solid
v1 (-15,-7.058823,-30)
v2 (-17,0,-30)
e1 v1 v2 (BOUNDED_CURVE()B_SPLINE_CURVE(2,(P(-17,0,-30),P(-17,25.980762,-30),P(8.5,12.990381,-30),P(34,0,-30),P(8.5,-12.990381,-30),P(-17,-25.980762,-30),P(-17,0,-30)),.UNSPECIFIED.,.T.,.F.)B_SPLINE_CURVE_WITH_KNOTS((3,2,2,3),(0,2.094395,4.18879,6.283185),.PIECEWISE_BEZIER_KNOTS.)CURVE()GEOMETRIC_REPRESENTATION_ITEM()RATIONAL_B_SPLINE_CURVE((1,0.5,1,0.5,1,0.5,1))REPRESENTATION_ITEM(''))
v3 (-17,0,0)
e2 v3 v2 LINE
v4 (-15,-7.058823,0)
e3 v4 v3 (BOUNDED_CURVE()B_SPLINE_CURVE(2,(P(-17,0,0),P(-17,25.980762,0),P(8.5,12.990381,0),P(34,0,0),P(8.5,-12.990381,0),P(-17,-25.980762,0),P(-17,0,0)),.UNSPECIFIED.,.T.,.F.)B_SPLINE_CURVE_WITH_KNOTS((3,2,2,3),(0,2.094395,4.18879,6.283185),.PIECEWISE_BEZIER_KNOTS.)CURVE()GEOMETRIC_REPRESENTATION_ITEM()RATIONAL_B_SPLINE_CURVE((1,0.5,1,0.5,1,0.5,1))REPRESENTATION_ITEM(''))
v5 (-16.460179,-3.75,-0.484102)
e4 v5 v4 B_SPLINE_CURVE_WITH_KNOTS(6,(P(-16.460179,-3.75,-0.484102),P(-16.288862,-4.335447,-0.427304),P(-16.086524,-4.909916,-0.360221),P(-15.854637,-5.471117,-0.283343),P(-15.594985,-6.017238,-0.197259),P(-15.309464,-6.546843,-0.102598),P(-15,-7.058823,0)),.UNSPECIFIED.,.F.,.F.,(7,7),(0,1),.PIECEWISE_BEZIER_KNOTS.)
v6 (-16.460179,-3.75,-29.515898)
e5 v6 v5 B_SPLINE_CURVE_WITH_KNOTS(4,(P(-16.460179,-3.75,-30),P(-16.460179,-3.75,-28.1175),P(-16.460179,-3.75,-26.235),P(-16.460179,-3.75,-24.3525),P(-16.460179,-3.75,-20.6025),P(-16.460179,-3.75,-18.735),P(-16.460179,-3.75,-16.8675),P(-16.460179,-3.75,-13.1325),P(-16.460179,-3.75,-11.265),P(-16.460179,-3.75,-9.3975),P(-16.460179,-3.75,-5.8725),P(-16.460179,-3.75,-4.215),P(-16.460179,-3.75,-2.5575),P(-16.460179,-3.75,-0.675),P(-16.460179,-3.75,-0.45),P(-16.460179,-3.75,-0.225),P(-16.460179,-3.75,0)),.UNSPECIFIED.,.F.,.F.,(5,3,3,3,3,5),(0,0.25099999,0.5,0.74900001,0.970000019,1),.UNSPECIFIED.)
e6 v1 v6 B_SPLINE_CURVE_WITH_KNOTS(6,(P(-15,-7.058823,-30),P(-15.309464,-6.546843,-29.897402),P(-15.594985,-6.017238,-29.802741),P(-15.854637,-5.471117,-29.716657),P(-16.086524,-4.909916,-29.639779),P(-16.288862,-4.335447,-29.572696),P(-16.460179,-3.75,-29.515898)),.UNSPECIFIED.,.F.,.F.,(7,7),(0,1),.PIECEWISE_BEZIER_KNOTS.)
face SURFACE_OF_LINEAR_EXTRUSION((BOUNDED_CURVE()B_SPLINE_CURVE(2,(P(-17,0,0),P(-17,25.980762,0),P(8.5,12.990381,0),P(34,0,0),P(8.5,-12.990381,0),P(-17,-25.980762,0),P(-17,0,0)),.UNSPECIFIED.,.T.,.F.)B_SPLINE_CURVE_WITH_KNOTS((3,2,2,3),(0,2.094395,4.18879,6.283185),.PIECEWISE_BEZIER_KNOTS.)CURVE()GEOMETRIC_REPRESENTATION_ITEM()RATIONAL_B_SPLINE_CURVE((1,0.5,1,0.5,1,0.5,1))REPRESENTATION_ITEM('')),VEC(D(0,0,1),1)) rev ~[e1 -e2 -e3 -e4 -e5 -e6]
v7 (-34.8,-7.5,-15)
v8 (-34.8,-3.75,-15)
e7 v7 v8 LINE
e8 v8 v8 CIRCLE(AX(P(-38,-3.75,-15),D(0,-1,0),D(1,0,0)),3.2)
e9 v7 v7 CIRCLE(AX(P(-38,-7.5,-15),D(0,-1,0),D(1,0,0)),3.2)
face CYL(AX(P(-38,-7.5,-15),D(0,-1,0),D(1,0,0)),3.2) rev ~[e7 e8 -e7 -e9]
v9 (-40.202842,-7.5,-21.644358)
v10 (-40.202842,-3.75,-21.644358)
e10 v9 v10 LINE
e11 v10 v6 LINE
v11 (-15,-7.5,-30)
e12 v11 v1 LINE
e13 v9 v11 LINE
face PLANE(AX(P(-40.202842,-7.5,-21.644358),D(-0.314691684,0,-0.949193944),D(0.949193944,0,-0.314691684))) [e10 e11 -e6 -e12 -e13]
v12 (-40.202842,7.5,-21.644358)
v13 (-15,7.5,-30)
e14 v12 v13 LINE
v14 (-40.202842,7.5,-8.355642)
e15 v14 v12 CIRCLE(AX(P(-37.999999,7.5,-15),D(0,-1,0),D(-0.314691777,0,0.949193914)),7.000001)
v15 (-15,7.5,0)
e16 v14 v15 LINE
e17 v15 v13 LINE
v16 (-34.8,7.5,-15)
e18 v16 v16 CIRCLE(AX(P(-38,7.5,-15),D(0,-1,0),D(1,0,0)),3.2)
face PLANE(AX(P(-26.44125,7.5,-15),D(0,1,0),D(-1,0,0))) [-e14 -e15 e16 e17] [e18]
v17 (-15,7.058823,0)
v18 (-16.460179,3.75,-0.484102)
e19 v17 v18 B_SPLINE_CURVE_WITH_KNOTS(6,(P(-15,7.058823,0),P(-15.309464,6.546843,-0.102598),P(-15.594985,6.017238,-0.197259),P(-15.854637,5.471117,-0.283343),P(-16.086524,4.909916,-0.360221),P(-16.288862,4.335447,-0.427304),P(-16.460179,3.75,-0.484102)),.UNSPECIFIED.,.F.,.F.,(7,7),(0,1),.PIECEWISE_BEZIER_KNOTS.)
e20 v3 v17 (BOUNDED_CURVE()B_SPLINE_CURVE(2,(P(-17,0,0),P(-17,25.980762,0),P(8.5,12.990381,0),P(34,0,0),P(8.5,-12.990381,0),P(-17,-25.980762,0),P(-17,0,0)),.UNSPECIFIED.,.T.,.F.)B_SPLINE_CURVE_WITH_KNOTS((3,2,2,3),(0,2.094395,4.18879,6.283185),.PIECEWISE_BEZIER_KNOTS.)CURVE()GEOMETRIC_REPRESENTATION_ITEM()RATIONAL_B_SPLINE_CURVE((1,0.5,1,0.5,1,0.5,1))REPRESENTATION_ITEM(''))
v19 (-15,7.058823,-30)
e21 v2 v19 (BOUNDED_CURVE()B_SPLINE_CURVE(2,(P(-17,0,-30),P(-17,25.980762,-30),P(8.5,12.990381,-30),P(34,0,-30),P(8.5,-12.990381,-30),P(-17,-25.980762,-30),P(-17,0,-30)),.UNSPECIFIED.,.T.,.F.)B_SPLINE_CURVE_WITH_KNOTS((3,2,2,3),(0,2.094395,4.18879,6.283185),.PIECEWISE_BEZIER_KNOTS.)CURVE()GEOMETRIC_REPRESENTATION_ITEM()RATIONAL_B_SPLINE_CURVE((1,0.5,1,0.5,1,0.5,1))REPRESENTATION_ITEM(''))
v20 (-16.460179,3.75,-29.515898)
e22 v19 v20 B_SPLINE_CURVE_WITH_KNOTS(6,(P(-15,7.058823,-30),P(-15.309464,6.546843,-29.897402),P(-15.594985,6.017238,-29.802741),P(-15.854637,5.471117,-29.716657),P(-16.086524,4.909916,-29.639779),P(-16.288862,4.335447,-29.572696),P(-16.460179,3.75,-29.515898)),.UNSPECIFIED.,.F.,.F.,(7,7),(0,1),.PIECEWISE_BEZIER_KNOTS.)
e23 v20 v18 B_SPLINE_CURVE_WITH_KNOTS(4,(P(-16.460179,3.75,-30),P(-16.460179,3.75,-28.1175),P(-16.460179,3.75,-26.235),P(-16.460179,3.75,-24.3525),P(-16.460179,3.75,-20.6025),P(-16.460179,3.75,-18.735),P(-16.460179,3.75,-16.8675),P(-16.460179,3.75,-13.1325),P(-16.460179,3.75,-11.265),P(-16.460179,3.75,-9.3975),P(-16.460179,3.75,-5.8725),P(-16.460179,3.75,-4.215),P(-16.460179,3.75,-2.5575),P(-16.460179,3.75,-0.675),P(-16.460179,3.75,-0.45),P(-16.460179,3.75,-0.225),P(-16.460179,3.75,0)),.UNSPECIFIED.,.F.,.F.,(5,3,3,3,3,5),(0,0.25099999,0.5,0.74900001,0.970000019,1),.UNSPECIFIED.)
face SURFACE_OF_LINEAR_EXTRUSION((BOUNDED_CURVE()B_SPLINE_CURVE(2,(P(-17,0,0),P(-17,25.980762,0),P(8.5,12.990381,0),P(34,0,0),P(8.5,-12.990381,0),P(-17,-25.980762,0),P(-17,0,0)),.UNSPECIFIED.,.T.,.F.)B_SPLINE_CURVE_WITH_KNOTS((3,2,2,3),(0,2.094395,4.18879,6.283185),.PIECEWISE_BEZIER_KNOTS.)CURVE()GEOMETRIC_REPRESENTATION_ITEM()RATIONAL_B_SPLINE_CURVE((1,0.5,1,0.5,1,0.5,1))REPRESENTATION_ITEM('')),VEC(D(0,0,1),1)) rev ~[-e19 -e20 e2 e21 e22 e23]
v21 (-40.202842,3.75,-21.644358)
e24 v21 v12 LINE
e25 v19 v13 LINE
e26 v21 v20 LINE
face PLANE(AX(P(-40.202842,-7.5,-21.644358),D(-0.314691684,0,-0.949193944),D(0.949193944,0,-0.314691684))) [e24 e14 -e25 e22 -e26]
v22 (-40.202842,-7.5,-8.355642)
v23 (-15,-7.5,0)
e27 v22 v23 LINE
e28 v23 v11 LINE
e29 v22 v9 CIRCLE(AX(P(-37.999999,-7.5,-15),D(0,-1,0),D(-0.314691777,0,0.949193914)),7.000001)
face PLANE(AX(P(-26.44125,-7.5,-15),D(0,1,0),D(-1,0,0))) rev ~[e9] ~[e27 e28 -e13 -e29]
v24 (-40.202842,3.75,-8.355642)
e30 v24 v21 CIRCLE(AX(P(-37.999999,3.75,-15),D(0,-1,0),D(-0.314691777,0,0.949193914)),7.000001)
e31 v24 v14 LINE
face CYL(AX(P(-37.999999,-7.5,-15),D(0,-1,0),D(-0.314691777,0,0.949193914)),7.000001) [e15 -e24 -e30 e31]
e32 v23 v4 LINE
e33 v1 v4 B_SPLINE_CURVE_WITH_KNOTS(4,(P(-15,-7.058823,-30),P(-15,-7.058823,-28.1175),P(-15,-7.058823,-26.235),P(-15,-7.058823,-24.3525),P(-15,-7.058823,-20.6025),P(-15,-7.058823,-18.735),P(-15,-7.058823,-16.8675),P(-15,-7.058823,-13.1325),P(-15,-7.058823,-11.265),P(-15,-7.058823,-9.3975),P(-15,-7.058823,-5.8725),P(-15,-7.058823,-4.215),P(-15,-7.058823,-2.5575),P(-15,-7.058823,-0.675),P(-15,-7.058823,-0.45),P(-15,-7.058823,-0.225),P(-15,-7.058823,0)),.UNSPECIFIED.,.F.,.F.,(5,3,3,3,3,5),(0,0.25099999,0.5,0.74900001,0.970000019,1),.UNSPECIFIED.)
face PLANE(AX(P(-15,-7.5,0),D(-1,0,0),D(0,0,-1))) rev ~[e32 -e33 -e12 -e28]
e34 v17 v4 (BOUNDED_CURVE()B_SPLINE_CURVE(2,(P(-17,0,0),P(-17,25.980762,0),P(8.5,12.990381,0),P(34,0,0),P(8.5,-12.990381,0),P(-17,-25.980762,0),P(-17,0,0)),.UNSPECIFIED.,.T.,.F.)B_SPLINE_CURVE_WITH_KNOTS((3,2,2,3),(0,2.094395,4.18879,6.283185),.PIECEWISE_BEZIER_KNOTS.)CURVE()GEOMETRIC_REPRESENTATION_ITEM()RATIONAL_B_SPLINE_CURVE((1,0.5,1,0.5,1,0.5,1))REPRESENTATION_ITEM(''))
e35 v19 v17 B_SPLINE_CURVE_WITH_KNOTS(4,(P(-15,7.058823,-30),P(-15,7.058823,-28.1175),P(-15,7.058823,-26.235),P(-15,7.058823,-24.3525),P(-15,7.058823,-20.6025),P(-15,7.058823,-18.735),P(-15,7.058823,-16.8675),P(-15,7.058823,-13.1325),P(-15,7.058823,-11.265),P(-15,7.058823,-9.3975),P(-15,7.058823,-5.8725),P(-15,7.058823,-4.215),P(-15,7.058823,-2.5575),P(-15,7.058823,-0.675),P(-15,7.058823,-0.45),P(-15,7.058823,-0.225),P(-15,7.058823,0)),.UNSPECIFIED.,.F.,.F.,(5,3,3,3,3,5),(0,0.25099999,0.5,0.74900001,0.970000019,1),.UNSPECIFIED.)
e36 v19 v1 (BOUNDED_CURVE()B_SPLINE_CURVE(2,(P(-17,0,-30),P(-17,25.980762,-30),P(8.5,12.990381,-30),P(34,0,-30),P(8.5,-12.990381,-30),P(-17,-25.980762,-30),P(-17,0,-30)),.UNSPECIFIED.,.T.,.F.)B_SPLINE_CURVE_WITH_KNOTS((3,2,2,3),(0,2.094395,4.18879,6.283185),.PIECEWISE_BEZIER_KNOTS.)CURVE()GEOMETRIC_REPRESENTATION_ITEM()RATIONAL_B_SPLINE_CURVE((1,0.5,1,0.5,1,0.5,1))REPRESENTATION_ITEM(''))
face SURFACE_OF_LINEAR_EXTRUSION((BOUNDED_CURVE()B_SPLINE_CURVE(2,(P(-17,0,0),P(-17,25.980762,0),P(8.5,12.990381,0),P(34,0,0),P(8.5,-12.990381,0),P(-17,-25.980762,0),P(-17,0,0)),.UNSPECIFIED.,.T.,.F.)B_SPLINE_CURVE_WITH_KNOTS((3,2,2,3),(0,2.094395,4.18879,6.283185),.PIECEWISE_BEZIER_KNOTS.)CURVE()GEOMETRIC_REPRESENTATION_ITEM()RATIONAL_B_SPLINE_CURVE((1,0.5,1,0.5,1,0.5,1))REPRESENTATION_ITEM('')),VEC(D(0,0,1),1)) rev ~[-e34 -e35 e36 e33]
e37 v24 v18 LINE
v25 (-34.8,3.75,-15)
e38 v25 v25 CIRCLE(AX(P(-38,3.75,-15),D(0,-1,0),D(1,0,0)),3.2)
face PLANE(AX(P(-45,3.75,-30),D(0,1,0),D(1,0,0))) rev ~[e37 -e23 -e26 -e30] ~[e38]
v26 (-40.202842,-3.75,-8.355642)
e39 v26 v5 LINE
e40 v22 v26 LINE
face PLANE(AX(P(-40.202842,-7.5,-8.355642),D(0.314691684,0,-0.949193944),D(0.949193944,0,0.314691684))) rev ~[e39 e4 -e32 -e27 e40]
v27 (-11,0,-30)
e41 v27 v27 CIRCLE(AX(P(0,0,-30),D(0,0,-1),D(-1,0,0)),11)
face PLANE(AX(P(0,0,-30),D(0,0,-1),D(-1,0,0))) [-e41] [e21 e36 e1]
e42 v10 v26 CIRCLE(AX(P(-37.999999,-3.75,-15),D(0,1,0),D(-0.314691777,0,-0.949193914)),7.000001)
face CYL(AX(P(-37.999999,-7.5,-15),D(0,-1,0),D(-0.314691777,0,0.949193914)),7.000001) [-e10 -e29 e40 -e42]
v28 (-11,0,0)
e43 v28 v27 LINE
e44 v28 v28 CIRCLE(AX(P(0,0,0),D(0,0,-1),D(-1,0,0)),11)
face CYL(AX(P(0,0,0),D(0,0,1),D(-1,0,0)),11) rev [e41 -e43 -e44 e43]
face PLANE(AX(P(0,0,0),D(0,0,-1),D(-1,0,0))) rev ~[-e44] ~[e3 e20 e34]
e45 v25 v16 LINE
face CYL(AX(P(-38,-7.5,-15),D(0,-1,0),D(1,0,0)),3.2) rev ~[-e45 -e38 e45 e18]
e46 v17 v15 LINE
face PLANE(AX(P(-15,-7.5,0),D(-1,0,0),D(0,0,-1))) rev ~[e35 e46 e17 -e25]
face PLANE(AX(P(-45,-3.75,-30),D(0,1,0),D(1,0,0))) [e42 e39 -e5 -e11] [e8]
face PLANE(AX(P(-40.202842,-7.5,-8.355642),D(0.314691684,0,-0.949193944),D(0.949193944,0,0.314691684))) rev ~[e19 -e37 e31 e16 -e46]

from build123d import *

# Parameters (mm, degrees)
RECTANGLE001_W             = 30
RECTANGLE001_H             = 7.5
EXTRUDE003_DEPTH           = 30
SKETCH_R                   = 3.2
EXTRUDE002_DEPTH           = 15
CIRCLE_R                   = 11
EXTRUDE001_DEPTH           = 30
EXTRUDE001_PLACEMENT_ANGLE = 180
EXTRUDE_DEPTH              = 30
EXTRUDE_PLACEMENT_ANGLE    = 180


with BuildPart() as extrude003:
    # Rectangle001 → Extrude003 (new body)
    with BuildSketch(Plane(origin=(-30, -3.75, -15), x_dir=(1, 0, 0), z_dir=(0, 0, 1))):
        with Locations((15, 3.75)):
            Rectangle(RECTANGLE001_W, RECTANGLE001_H)
    extrude(amount=EXTRUDE003_DEPTH)


with BuildPart() as extrude003_1:
    # Extrude003 placement: moved
    add(extrude003.part.moved(Location((-15, 0, -15))))


with BuildPart() as cut:
    # Sketch → Extrude002 (new body)
    with BuildSketch(Plane(origin=(-15, 0, -30), x_dir=(1, 0, 0), z_dir=(0, -1, 0))):
        with BuildLine():
            Line((-25.202842, 21.644358), (0, 30))
            Line((0, 30), (0, 0))
            Line((-25.202842, 8.355642), (0, 0))
            ThreePointArc((-25.202842, 21.644358), (-30, 15), (-25.202842, 8.355642))
        make_face()
        with Locations((-23, 15)):
            Circle(SKETCH_R, mode=Mode.SUBTRACT)
    extrude(amount=-EXTRUDE002_DEPTH)


with BuildPart() as cut_1:
    # Extrude002 placement: moved
    add(cut.part.moved(Location((0, -7.5, 0))))

    # Cut: cut Extrude003
    add(extrude003_1.part, mode=Mode.SUBTRACT)


with BuildPart() as extrude001:
    # Circle → Extrude001 (new body)
    with BuildSketch(Plane.XY):
        Circle(CIRCLE_R)
    extrude(amount=EXTRUDE001_DEPTH)


with BuildPart() as extrude001_1:
    # Extrude001 placement: moved
    add(extrude001.part.rotate(Axis((0, 0, 0), (0, 1, 0)), EXTRUDE001_PLACEMENT_ANGLE))


with BuildPart() as body:
    # Ellipse → Extrude (new body)
    with BuildSketch(Plane.XY):
        with BuildLine():
            add(Edge.make_bspline(
                [(17, 0), (17, 25.980762), (-8.5, 12.990381), (-34, 0), (-8.5, -12.990381), (17, -25.980762), (17, 0)],
                knots=[0, 0, 0, 2.094395, 2.094395, 4.18879, 4.18879, 6.283185, 6.283185, 6.283185], degree=2, weights=[1, 0.5, 1, 0.5, 1, 0.5, 1]))
        make_face()
    extrude(amount=EXTRUDE_DEPTH)


with BuildPart() as body_1:
    # Extrude placement: moved
    add(body.part.rotate(Axis((0, 0, 0), (0, 1, 0)), EXTRUDE_PLACEMENT_ANGLE))

    # Cut001: cut Extrude001
    add(extrude001_1.part, mode=Mode.SUBTRACT)

    # Fusion: union Cut
    add(cut_1.part)


solid = body_1.part
